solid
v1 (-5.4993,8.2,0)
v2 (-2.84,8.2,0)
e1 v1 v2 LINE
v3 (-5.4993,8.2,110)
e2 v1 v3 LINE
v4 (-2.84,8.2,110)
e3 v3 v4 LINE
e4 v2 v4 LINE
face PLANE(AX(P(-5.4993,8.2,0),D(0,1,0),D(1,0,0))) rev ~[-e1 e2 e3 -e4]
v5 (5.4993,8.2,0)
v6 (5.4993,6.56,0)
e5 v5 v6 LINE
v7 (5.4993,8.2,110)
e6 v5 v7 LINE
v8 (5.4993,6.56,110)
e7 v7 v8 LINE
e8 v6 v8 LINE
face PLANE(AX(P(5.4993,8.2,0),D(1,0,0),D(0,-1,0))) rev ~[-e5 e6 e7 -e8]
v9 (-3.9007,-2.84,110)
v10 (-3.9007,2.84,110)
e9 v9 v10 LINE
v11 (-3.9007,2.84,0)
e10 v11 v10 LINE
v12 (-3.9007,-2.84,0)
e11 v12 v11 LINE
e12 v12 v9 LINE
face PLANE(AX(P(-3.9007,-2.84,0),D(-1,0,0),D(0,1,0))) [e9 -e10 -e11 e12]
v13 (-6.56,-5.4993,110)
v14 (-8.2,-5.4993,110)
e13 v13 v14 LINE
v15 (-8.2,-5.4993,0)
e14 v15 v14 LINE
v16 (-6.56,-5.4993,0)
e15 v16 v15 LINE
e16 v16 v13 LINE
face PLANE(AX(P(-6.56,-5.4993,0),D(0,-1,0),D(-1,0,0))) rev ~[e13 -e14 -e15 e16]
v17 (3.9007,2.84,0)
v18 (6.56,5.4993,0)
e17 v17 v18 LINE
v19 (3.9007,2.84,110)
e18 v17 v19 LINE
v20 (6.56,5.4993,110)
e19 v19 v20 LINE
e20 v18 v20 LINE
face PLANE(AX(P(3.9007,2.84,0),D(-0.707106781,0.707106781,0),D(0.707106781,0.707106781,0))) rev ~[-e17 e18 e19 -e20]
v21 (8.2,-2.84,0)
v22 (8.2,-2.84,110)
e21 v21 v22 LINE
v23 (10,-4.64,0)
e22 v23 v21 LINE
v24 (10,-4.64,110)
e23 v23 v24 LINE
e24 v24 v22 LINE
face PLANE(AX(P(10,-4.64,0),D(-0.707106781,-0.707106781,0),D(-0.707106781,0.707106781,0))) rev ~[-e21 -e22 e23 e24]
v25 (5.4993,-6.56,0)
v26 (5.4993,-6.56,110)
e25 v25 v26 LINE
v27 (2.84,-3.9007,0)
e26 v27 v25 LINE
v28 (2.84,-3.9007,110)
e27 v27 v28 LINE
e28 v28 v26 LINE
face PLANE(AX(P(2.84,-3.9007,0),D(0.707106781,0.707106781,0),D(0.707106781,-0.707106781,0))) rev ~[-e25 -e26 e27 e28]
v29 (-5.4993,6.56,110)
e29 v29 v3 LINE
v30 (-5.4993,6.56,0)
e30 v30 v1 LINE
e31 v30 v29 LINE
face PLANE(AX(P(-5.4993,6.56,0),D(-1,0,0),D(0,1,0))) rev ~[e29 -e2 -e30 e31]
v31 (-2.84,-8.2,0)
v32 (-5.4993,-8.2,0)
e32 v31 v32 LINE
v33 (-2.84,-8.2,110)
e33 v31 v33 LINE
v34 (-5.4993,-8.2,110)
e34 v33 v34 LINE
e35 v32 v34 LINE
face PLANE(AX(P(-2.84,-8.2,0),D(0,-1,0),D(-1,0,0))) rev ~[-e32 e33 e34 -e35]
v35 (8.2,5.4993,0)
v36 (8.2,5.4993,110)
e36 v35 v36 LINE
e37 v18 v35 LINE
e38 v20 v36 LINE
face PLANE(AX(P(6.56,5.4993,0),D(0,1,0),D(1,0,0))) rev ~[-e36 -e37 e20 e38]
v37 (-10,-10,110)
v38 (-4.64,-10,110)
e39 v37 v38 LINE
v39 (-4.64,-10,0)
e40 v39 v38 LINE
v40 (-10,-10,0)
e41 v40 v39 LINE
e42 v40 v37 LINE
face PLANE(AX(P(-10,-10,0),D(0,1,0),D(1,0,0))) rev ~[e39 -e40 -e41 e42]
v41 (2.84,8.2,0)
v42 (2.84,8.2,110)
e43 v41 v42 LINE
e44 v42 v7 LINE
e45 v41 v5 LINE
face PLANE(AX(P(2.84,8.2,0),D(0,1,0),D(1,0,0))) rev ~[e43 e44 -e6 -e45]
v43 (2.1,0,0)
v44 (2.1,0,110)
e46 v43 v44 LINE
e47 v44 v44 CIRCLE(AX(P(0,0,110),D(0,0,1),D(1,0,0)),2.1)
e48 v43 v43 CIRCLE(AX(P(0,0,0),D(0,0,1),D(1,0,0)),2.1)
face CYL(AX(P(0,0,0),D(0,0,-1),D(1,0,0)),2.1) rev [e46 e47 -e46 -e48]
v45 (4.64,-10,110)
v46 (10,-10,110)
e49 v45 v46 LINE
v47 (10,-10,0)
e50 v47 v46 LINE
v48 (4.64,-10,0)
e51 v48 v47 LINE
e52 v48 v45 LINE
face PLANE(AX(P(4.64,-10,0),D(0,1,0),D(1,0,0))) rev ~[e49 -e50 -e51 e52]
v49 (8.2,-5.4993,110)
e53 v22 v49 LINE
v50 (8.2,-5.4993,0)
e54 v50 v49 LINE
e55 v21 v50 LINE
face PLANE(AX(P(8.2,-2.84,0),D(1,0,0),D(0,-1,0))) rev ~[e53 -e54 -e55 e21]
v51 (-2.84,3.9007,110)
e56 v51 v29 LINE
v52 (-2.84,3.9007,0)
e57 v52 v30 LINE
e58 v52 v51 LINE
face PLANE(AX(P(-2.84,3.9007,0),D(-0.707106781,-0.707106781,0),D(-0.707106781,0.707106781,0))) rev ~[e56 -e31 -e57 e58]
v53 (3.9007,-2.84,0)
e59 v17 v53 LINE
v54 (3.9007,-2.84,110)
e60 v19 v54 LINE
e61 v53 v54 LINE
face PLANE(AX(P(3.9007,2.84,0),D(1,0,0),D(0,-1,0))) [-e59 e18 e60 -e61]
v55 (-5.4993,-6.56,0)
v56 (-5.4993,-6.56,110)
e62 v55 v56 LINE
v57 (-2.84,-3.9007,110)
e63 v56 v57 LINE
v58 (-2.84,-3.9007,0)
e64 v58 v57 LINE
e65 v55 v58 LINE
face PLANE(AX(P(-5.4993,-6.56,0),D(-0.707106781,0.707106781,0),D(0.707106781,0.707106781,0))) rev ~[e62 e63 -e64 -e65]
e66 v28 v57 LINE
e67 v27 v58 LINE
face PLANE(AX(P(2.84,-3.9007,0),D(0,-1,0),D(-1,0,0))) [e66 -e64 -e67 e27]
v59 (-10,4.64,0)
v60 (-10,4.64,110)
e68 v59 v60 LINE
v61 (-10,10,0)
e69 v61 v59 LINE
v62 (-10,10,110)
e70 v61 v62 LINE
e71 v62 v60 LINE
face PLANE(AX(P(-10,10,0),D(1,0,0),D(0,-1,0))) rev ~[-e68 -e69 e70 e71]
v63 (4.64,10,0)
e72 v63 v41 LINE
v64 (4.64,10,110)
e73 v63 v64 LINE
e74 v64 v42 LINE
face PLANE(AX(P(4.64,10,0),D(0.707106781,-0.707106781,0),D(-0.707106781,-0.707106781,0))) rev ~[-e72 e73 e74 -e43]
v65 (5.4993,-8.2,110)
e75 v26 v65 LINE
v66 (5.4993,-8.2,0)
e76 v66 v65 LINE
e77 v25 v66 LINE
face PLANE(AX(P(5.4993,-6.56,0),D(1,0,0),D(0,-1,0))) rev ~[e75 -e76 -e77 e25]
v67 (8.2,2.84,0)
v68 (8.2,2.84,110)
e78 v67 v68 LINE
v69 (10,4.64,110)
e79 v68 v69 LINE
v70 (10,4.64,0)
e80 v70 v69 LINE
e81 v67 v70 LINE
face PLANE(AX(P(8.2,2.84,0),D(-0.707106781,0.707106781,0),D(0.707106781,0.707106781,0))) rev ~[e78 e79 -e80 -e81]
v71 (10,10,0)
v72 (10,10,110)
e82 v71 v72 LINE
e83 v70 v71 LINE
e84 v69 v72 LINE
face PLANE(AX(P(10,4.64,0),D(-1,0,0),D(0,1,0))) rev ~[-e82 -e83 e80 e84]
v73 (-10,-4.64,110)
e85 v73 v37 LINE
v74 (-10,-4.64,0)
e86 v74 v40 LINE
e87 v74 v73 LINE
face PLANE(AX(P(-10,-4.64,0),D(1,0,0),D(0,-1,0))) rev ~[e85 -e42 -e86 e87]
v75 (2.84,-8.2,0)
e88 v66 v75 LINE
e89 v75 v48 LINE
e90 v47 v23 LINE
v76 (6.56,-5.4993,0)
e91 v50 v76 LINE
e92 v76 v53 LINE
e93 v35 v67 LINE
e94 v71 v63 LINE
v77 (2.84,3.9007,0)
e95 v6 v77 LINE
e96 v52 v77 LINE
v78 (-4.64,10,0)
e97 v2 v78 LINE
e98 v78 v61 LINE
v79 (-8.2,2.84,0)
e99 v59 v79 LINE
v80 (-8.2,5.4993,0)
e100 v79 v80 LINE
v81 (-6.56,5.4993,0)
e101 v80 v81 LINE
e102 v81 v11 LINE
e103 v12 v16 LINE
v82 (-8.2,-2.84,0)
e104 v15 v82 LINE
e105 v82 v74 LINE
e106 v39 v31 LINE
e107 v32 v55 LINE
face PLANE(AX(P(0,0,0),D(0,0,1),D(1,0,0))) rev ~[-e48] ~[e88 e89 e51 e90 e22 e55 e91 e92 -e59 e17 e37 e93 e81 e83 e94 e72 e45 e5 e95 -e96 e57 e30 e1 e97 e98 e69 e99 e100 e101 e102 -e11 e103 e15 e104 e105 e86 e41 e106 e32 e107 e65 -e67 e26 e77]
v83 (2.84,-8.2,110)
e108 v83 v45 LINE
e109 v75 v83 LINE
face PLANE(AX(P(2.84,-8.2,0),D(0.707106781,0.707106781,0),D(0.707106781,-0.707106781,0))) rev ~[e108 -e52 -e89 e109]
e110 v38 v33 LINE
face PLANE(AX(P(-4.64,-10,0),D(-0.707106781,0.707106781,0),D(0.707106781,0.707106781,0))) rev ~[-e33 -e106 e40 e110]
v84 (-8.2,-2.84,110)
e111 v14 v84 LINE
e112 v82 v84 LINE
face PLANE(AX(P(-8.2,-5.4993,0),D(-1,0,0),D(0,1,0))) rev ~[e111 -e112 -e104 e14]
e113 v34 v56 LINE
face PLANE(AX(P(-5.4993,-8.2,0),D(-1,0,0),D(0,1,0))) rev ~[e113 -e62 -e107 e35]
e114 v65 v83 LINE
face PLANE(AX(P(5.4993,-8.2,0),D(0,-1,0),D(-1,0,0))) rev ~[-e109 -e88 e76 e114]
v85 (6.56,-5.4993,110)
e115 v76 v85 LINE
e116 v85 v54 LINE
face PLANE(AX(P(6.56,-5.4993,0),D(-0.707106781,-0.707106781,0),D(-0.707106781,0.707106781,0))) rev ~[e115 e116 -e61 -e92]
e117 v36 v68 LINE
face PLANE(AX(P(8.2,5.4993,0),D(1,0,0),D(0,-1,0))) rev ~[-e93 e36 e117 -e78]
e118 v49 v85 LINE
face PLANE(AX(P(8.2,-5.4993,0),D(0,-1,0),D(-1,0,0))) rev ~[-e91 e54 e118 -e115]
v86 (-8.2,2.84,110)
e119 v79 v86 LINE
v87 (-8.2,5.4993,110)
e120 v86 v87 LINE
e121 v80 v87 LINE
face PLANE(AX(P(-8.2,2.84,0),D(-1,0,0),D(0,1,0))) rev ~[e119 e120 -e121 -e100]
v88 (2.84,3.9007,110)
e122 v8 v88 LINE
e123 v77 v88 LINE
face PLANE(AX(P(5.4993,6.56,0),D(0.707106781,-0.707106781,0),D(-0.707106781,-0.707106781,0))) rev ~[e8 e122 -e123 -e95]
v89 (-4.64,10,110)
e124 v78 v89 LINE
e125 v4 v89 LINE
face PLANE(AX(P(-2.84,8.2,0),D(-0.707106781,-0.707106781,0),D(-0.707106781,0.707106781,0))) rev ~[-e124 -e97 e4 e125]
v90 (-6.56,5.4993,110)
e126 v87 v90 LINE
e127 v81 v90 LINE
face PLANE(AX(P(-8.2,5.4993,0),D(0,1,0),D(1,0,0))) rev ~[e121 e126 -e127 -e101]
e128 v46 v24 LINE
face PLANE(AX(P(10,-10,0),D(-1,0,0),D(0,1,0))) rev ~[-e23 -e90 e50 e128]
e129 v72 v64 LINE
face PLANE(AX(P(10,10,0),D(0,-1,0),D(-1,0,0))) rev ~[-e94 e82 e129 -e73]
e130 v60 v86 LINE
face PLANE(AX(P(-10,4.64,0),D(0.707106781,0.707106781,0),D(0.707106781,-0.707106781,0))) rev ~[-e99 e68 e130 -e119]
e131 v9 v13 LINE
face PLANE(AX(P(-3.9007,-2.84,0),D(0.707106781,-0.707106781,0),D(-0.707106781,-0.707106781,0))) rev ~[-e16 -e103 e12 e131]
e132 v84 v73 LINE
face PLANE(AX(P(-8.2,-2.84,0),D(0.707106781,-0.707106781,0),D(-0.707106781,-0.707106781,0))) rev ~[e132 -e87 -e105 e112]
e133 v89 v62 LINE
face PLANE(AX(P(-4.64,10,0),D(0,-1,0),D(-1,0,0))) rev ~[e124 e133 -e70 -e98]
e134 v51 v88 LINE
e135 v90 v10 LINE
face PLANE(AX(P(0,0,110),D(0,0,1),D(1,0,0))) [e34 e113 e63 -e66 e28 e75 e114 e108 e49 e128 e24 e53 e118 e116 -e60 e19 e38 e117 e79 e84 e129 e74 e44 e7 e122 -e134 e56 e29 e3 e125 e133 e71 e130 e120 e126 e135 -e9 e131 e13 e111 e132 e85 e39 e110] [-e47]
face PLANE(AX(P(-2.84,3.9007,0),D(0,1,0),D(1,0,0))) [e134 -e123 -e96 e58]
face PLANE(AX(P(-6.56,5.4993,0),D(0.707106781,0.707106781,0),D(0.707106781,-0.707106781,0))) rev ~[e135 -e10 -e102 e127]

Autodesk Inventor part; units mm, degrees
ref_plane "YZ Plane" through (0, 0, 0) normal (1, 0, 0) x (0, 1, 0)
ref_plane "XZ Plane" through (0, 0, 0) normal (0, 1, 0) x (-1, 0, 0)
sketch "Sketch1" plane through (0, 0, 0) normal (0, 0, 1) x (1, 0, 0)
  line L0 (-3.9007, 3.9007) -> (3.9007, 3.9007)
  line L1 (3.9007, 3.9007) -> (3.9007, -3.9007)
  line L2 (3.9007, -3.9007) -> (-3.9007, -3.9007)
  line L3 (-3.9007, -3.9007) -> (-3.9007, 3.9007)
  line L4 (0, 3.9007) -> (0, -3.9007) construction
  line L5 (-3.9007, 0) -> (3.9007, 0) construction
  circle A0 centre (0, 0) radius 2.1
  line L6 (0, 0) -> (-16.1173, 16.1173) construction
  line L7 (0, 0) -> (22.7933, 0) construction
  line L8 (-2.84, 3.9007) -> (-5.4993, 6.56)
  line L9 (-5.4993, 6.56) -> (-5.4993, 8.2)
  line L10 (-5.4993, 8.2) -> (-2.84, 8.2)
  line L11 (-2.84, 8.2) -> (-4.64, 10)
  line L12 (-4.64, 10) -> (-10, 10)
  line L13 (-10, 10) -> (-10, 4.64)
  line L14 (-10, 4.64) -> (-8.2, 2.84)
  line L15 (-8.2, 2.84) -> (-8.2, 5.4993)
  line L16 (-8.2, 5.4993) -> (-6.56, 5.4993)
  line L17 (-6.56, 5.4993) -> (-3.9007, 2.84)
  line L18 (-3.9007, 2.84) -> (-11.3102, 2.84) construction
  line L19 (-2.84, 3.9007) -> (-3.9007, 3.9007)
  line L20 (-3.9007, 2.84) -> (-3.9007, 3.9007)
  line L21 (-3.9007, -2.84) -> (-6.56, -5.4993)
  line L22 (-6.56, -5.4993) -> (-8.2, -5.4993)
  line L23 (-8.2, -5.4993) -> (-8.2, -2.84)
  line L24 (-8.2, -2.84) -> (-10, -4.64)
  line L25 (-10, -4.64) -> (-10, -10)
  line L26 (-10, -10) -> (-4.64, -10)
  line L27 (-4.64, -10) -> (-2.84, -8.2)
  line L28 (-2.84, -8.2) -> (-5.4993, -8.2)
  line L29 (-5.4993, -8.2) -> (-5.4993, -6.56)
  line L30 (-5.4993, -6.56) -> (-2.84, -3.9007)
  line L31 (-3.9007, -2.84) -> (-3.9007, -3.9007)
  line L32 (-2.84, -3.9007) -> (-3.9007, -3.9007)
  line L33 (2.84, -3.9007) -> (5.4993, -6.56)
  line L34 (5.4993, -6.56) -> (5.4993, -8.2)
  line L35 (5.4993, -8.2) -> (2.84, -8.2)
  line L36 (2.84, -8.2) -> (4.64, -10)
  line L37 (4.64, -10) -> (10, -10)
  line L38 (10, -10) -> (10, -4.64)
  line L39 (10, -4.64) -> (8.2, -2.84)
  line L40 (8.2, -2.84) -> (8.2, -5.4993)
  line L41 (8.2, -5.4993) -> (6.56, -5.4993)
  line L42 (6.56, -5.4993) -> (3.9007, -2.84)
  line L43 (2.84, -3.9007) -> (3.9007, -3.9007)
  line L44 (3.9007, -2.84) -> (3.9007, -3.9007)
  line L45 (3.9007, 2.84) -> (6.56, 5.4993)
  line L46 (6.56, 5.4993) -> (8.2, 5.4993)
  line L47 (8.2, 5.4993) -> (8.2, 2.84)
  line L48 (8.2, 2.84) -> (10, 4.64)
  line L49 (10, 4.64) -> (10, 10)
  line L50 (10, 10) -> (4.64, 10)
  line L51 (4.64, 10) -> (2.84, 8.2)
  line L52 (2.84, 8.2) -> (5.4993, 8.2)
  line L53 (5.4993, 8.2) -> (5.4993, 6.56)
  line L54 (5.4993, 6.56) -> (2.84, 3.9007)
  line L55 (3.9007, 2.84) -> (3.9007, 3.9007)
  line L56 (2.84, 3.9007) -> (3.9007, 3.9007)
  dimension "d7" = 4.2
  dimension "d8" = 135
  dimension "d9" = 1.5
  dimension "d10" = 1.64
  dimension "d11" = 1.8
  dimension "d12" = 2.84
  dimension "d13" = 10
  dimension "d16" = 360
extrude "Extrusion1" add sketch "Sketch1" along normal blind 110
ref_plane "Work Plane1" through (0, 0, 55) normal (0, 0, 1) x (1, 0, 0)
properties part number "20x20x250mm" material "Aluminum 6061"
